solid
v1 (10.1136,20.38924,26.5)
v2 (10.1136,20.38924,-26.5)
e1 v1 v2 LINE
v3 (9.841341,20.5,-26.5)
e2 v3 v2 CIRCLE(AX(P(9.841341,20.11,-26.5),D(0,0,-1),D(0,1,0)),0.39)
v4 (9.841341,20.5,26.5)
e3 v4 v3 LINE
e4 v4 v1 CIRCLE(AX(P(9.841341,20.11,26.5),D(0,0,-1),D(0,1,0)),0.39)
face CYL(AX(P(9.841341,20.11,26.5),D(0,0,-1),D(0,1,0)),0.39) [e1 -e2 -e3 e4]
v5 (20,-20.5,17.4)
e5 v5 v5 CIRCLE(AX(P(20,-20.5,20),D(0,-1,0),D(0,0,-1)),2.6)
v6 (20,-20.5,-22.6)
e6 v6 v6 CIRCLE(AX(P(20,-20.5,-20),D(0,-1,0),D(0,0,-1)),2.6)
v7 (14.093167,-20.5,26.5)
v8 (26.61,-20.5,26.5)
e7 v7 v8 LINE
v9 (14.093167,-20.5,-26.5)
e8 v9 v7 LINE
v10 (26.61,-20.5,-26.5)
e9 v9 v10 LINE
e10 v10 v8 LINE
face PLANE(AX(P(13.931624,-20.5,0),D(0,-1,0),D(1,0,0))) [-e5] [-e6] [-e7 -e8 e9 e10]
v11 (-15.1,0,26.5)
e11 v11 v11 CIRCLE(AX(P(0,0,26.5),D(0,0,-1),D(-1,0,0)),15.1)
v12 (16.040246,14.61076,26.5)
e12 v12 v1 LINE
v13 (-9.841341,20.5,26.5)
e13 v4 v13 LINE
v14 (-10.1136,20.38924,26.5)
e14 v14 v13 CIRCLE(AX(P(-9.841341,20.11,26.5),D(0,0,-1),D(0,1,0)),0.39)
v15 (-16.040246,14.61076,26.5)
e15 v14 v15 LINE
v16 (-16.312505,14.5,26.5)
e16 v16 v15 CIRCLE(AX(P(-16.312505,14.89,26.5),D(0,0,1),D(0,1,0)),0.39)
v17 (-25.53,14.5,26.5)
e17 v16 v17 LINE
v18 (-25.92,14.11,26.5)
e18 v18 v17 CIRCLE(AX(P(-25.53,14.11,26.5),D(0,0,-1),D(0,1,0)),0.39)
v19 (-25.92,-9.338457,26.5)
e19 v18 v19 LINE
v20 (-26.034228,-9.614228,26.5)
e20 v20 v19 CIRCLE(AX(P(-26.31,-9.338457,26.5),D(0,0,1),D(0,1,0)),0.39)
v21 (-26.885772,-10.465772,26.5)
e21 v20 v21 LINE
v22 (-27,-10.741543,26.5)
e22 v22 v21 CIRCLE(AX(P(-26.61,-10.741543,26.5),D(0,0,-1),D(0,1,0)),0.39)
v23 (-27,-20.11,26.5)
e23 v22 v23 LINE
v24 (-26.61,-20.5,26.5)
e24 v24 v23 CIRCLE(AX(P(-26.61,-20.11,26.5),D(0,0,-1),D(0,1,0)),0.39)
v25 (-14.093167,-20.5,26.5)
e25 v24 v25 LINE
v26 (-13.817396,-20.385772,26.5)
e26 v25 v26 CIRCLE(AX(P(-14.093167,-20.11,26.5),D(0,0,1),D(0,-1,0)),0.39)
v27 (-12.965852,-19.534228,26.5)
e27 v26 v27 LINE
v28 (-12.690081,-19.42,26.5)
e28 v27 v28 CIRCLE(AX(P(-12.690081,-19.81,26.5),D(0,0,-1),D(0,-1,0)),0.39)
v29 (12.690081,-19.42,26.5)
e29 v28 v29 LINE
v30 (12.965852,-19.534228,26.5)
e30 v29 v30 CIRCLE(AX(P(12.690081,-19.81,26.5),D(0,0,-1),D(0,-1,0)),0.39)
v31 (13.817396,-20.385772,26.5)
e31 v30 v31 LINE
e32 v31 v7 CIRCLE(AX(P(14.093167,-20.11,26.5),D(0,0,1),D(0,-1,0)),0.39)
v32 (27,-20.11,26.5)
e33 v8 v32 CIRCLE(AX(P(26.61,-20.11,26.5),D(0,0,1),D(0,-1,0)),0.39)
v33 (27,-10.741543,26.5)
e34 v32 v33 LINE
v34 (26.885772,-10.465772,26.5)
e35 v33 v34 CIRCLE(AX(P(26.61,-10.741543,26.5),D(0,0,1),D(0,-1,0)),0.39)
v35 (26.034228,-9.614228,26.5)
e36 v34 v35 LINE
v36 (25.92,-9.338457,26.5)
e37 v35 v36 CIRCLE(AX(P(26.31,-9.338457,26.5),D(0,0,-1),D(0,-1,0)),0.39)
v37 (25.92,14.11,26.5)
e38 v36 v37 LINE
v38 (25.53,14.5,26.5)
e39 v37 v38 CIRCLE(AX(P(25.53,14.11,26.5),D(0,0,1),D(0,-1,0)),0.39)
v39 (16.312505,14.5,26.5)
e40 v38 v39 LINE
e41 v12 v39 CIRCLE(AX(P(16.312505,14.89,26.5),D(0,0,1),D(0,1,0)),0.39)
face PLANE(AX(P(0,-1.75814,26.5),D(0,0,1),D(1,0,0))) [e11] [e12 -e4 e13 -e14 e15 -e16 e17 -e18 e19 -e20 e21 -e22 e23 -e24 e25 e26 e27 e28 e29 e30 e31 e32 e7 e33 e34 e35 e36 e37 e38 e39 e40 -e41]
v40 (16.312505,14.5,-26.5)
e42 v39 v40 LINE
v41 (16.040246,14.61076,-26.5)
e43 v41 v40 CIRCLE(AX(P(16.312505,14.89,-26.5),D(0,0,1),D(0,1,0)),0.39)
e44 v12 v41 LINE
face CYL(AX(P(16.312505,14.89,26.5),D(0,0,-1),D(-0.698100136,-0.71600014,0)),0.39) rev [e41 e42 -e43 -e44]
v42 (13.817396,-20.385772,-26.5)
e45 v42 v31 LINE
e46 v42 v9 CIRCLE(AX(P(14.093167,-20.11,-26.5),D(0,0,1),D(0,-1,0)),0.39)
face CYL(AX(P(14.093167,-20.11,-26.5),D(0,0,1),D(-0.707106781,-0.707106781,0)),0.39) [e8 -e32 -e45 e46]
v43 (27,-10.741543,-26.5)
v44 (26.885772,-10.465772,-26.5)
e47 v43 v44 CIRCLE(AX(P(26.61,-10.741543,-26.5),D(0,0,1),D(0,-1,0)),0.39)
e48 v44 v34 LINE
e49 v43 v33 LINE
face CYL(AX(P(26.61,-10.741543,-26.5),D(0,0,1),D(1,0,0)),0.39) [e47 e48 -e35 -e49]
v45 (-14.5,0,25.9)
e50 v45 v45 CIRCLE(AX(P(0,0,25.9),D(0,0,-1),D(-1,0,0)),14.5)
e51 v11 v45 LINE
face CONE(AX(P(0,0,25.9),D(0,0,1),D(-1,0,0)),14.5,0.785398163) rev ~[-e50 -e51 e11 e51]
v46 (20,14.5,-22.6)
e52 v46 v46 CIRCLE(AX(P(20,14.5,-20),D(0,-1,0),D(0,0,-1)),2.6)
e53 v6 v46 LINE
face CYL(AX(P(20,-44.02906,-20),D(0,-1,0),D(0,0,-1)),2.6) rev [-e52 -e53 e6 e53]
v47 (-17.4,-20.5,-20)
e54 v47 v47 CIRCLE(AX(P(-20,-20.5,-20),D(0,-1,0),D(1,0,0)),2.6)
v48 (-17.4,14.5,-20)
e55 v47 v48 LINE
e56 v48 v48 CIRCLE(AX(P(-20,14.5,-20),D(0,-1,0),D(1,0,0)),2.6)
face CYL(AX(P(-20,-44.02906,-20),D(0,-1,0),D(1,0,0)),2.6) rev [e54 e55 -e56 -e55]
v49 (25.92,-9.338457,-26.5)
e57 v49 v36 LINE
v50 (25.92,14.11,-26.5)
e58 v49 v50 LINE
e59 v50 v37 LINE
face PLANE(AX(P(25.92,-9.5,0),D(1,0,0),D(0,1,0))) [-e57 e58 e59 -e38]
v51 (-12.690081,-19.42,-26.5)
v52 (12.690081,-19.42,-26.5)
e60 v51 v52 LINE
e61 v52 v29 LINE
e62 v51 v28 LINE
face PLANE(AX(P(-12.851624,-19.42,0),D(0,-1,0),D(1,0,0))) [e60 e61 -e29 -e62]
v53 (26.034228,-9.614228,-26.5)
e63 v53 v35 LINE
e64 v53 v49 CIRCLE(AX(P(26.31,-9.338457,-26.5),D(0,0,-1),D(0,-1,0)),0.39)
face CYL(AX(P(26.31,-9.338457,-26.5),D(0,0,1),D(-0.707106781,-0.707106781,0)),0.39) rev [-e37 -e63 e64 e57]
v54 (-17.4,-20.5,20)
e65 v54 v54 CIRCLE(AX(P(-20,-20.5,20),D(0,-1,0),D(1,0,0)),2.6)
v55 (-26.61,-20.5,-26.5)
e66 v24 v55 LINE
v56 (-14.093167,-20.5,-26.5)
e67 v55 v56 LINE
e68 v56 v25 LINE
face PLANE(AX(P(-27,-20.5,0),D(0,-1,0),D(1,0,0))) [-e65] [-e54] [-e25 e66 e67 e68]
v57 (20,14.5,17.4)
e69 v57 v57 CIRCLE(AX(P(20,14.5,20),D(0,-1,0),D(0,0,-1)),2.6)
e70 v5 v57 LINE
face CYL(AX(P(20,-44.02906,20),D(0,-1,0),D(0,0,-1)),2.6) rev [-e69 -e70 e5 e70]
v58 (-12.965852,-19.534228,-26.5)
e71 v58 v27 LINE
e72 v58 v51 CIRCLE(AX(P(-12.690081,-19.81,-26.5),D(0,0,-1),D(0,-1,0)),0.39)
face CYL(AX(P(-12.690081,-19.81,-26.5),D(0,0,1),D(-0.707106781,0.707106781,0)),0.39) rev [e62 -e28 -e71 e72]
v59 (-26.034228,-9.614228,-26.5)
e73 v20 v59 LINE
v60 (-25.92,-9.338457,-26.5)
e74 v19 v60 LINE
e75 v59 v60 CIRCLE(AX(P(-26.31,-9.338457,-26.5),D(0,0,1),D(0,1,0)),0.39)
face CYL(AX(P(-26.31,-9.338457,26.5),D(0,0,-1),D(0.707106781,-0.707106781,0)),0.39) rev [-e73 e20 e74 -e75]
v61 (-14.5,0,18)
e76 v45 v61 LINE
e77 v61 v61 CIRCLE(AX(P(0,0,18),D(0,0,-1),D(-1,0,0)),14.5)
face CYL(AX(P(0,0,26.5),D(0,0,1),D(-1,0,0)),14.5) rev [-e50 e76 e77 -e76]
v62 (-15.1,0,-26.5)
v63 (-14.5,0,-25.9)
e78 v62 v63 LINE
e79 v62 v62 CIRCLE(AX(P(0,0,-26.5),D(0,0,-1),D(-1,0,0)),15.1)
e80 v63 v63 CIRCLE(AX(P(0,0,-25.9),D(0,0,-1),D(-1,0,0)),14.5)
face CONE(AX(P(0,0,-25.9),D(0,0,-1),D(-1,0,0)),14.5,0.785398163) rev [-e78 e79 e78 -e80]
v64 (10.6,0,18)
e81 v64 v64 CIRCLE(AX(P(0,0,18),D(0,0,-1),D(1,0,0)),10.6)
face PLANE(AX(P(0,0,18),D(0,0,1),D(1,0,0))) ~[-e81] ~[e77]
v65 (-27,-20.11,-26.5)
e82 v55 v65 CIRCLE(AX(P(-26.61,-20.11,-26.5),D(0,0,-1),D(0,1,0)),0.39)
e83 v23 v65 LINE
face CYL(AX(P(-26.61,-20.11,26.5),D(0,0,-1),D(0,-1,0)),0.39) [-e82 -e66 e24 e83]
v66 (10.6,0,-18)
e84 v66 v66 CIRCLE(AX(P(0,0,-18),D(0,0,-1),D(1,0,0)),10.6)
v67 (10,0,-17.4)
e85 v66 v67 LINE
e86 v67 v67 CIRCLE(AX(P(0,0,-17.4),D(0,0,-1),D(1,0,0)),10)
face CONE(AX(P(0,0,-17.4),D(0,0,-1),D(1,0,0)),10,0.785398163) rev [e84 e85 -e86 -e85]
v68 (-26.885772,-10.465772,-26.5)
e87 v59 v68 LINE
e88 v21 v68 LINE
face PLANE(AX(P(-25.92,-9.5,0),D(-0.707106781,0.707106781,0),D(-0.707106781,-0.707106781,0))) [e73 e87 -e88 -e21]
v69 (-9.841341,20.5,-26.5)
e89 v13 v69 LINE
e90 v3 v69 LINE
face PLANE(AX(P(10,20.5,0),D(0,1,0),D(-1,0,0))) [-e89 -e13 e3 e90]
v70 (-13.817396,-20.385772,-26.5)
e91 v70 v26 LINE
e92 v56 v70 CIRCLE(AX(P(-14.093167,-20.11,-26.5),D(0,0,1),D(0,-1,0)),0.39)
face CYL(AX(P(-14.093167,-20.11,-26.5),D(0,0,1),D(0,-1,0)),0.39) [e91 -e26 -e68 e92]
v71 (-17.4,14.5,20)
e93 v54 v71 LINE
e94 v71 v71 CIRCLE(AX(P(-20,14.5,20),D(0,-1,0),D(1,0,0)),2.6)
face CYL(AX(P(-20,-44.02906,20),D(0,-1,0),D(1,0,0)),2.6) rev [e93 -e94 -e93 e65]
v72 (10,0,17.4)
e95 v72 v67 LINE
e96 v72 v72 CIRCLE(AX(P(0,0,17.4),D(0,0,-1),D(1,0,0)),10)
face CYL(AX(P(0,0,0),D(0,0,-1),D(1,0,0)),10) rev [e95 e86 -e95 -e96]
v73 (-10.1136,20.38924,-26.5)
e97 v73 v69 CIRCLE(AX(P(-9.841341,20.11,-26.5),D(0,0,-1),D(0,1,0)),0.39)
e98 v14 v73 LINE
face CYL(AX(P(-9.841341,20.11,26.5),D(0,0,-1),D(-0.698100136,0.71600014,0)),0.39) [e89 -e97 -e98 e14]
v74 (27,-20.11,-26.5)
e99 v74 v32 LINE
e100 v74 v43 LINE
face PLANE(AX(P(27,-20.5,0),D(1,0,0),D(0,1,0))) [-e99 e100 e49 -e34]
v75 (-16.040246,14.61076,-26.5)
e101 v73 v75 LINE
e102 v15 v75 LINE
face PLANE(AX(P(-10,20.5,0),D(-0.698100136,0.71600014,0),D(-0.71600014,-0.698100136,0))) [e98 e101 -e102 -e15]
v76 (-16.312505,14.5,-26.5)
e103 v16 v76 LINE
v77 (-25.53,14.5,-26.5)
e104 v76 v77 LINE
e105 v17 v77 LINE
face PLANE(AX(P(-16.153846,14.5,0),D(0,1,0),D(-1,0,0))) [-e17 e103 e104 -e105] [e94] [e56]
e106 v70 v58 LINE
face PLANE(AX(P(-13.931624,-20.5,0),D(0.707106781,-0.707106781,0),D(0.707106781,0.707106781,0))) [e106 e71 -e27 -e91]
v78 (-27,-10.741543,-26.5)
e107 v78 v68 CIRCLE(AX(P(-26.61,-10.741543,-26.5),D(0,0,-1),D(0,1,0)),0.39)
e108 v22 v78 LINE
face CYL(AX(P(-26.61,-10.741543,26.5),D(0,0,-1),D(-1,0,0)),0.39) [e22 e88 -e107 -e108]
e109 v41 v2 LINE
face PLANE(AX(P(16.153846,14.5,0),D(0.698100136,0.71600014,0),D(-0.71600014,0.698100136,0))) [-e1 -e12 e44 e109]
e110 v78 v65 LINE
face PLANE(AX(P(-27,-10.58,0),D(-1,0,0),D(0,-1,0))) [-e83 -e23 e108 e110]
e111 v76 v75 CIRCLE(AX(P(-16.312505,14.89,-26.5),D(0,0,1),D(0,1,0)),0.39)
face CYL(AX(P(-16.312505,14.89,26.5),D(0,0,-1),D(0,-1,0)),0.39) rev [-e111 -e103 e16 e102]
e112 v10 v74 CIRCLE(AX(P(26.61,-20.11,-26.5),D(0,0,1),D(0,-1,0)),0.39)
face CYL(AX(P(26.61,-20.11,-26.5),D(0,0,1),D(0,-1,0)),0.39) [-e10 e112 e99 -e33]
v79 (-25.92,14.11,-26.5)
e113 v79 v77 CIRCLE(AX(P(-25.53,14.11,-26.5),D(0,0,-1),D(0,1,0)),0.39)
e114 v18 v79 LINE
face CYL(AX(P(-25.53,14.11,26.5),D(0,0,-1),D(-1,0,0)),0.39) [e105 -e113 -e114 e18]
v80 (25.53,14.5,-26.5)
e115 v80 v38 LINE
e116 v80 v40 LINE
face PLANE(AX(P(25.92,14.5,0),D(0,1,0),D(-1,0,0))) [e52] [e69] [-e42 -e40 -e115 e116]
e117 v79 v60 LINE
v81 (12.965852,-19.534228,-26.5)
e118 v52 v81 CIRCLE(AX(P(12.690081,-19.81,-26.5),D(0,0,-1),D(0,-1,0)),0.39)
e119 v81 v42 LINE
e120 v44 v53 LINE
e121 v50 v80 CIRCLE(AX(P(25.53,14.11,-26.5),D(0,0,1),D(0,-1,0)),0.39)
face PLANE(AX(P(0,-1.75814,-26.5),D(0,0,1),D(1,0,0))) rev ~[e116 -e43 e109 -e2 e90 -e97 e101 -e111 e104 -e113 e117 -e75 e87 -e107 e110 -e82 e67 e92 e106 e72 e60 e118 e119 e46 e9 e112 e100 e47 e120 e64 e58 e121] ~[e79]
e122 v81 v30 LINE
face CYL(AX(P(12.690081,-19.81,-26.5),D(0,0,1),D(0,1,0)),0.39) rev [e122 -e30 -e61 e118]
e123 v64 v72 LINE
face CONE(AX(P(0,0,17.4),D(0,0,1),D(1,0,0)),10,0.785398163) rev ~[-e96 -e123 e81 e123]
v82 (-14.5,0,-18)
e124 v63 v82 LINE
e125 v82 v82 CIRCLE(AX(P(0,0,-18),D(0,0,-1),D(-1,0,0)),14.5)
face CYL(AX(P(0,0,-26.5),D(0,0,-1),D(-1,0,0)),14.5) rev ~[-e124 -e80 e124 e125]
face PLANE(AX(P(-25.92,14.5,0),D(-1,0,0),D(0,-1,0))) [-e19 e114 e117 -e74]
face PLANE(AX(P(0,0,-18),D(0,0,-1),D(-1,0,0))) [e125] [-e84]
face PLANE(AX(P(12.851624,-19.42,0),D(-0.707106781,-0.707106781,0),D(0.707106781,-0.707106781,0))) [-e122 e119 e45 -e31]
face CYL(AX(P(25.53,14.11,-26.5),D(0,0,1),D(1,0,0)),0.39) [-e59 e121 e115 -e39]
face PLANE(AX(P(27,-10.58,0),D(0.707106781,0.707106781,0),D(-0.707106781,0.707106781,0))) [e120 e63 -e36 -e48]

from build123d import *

# Parameters (mm, degrees)
SKETCH2_R               = 10
BOSS_EXTRUDE1_DEPTH     = 26.5
CUT_EXTRUDE1_DEPTH      = 44.029059948
CUT_EXTRUDE1_DEPTH_BACK = 44.029059948
SKETCH3_R               = 2.6
SKETCH12_R              = 14.5
CUT_EXTRUDE9_DEPTH      = 8.5
CHAMFER1_SIZE           = 0.6
FILLET1_R               = 0.39


with BuildPart() as part:
    # Sketch2 → Boss-Extrude1 (new, symmetric)
    with BuildSketch(Plane.XY):
        Polygon((-27, -20.5), (-13.931623932, -20.5), (-12.851623932, -19.42), (12.851623932, -19.42), (13.931623932, -20.5), (27, -20.5), (27, -10.58), (25.92, -9.5), (25.92, 14.5), (16.153846154, 14.5), (10, 20.5), (-10, 20.5), (-16.153846154, 14.5), (-25.92, 14.5), (-25.92, -9.5), (-27, -10.58), align=None)
        Circle(SKETCH2_R, mode=Mode.SUBTRACT)
    extrude(amount=BOSS_EXTRUDE1_DEPTH, both=True)

    # Sketch3 → Cut-Extrude1 (cut, two sides: drawn at the far end of the back side and taken through both)
    with BuildSketch(Plane(origin=(0, 0, 0), x_dir=(1, 0, 0), z_dir=(0, 1, 0)).offset(-CUT_EXTRUDE1_DEPTH_BACK)):
        with Locations((-20, 20)):
            Circle(SKETCH3_R)
        with Locations(Location((20, 20, 0), (0, 0, 90))):
            Circle(SKETCH3_R)
        with Locations(Location((20, -20, 0), (0, 0, 90))):
            Circle(SKETCH3_R)
        with Locations((-20, -20)):
            Circle(SKETCH3_R)
    extrude(amount=CUT_EXTRUDE1_DEPTH + CUT_EXTRUDE1_DEPTH_BACK, mode=Mode.SUBTRACT)

    # Sketch12 → Cut-Extrude9 (cut)
    with BuildSketch(Plane(origin=(0, 0, -26.5), x_dir=(-1, 0, 0), z_dir=(0, 0, -1))):
        Circle(SKETCH12_R)
    cut_extrude9 = extrude(amount=-CUT_EXTRUDE9_DEPTH, mode=Mode.SUBTRACT)

    # Mirror1: Cut-Extrude9 across plane
    add(cut_extrude9.mirror(Plane.XY), mode=Mode.SUBTRACT)

    # Chamfer1
    chamfer1_edges = [part.edges().sort_by_distance(p)[0] for p in [
        (-10, 0, -18),
        (14.5, 0, -26.5),
        (14.5, 0, 26.5),
        (-10, 0, 18),
    ]]
    chamfer(chamfer1_edges, length=CHAMFER1_SIZE)

    # Fillet1
    fillet1_edges = [part.edges().sort_by_distance(p)[0] for p in [
        (-27, -10.58, 0),
        (-25.92, -9.5, 0),
        (-25.92, 14.5, 0),
        (-16.153846154, 14.5, 0),
        (-10, 20.5, 0),
        (10, 20.5, 0),
        (16.153846154, 14.5, 0),
        (25.92, 14.5, 0),
        (25.92, -9.5, 0),
        (27, -10.58, 0),
        (27, -20.5, 0),
        (13.931623932, -20.5, 0),
        (12.851623932, -19.42, 0),
        (-12.851623932, -19.42, 0),
        (-13.931623932, -20.5, 0),
        (-27, -20.5, 0),
    ]]
    fillet(fillet1_edges, radius=FILLET1_R)


solid = part.part
